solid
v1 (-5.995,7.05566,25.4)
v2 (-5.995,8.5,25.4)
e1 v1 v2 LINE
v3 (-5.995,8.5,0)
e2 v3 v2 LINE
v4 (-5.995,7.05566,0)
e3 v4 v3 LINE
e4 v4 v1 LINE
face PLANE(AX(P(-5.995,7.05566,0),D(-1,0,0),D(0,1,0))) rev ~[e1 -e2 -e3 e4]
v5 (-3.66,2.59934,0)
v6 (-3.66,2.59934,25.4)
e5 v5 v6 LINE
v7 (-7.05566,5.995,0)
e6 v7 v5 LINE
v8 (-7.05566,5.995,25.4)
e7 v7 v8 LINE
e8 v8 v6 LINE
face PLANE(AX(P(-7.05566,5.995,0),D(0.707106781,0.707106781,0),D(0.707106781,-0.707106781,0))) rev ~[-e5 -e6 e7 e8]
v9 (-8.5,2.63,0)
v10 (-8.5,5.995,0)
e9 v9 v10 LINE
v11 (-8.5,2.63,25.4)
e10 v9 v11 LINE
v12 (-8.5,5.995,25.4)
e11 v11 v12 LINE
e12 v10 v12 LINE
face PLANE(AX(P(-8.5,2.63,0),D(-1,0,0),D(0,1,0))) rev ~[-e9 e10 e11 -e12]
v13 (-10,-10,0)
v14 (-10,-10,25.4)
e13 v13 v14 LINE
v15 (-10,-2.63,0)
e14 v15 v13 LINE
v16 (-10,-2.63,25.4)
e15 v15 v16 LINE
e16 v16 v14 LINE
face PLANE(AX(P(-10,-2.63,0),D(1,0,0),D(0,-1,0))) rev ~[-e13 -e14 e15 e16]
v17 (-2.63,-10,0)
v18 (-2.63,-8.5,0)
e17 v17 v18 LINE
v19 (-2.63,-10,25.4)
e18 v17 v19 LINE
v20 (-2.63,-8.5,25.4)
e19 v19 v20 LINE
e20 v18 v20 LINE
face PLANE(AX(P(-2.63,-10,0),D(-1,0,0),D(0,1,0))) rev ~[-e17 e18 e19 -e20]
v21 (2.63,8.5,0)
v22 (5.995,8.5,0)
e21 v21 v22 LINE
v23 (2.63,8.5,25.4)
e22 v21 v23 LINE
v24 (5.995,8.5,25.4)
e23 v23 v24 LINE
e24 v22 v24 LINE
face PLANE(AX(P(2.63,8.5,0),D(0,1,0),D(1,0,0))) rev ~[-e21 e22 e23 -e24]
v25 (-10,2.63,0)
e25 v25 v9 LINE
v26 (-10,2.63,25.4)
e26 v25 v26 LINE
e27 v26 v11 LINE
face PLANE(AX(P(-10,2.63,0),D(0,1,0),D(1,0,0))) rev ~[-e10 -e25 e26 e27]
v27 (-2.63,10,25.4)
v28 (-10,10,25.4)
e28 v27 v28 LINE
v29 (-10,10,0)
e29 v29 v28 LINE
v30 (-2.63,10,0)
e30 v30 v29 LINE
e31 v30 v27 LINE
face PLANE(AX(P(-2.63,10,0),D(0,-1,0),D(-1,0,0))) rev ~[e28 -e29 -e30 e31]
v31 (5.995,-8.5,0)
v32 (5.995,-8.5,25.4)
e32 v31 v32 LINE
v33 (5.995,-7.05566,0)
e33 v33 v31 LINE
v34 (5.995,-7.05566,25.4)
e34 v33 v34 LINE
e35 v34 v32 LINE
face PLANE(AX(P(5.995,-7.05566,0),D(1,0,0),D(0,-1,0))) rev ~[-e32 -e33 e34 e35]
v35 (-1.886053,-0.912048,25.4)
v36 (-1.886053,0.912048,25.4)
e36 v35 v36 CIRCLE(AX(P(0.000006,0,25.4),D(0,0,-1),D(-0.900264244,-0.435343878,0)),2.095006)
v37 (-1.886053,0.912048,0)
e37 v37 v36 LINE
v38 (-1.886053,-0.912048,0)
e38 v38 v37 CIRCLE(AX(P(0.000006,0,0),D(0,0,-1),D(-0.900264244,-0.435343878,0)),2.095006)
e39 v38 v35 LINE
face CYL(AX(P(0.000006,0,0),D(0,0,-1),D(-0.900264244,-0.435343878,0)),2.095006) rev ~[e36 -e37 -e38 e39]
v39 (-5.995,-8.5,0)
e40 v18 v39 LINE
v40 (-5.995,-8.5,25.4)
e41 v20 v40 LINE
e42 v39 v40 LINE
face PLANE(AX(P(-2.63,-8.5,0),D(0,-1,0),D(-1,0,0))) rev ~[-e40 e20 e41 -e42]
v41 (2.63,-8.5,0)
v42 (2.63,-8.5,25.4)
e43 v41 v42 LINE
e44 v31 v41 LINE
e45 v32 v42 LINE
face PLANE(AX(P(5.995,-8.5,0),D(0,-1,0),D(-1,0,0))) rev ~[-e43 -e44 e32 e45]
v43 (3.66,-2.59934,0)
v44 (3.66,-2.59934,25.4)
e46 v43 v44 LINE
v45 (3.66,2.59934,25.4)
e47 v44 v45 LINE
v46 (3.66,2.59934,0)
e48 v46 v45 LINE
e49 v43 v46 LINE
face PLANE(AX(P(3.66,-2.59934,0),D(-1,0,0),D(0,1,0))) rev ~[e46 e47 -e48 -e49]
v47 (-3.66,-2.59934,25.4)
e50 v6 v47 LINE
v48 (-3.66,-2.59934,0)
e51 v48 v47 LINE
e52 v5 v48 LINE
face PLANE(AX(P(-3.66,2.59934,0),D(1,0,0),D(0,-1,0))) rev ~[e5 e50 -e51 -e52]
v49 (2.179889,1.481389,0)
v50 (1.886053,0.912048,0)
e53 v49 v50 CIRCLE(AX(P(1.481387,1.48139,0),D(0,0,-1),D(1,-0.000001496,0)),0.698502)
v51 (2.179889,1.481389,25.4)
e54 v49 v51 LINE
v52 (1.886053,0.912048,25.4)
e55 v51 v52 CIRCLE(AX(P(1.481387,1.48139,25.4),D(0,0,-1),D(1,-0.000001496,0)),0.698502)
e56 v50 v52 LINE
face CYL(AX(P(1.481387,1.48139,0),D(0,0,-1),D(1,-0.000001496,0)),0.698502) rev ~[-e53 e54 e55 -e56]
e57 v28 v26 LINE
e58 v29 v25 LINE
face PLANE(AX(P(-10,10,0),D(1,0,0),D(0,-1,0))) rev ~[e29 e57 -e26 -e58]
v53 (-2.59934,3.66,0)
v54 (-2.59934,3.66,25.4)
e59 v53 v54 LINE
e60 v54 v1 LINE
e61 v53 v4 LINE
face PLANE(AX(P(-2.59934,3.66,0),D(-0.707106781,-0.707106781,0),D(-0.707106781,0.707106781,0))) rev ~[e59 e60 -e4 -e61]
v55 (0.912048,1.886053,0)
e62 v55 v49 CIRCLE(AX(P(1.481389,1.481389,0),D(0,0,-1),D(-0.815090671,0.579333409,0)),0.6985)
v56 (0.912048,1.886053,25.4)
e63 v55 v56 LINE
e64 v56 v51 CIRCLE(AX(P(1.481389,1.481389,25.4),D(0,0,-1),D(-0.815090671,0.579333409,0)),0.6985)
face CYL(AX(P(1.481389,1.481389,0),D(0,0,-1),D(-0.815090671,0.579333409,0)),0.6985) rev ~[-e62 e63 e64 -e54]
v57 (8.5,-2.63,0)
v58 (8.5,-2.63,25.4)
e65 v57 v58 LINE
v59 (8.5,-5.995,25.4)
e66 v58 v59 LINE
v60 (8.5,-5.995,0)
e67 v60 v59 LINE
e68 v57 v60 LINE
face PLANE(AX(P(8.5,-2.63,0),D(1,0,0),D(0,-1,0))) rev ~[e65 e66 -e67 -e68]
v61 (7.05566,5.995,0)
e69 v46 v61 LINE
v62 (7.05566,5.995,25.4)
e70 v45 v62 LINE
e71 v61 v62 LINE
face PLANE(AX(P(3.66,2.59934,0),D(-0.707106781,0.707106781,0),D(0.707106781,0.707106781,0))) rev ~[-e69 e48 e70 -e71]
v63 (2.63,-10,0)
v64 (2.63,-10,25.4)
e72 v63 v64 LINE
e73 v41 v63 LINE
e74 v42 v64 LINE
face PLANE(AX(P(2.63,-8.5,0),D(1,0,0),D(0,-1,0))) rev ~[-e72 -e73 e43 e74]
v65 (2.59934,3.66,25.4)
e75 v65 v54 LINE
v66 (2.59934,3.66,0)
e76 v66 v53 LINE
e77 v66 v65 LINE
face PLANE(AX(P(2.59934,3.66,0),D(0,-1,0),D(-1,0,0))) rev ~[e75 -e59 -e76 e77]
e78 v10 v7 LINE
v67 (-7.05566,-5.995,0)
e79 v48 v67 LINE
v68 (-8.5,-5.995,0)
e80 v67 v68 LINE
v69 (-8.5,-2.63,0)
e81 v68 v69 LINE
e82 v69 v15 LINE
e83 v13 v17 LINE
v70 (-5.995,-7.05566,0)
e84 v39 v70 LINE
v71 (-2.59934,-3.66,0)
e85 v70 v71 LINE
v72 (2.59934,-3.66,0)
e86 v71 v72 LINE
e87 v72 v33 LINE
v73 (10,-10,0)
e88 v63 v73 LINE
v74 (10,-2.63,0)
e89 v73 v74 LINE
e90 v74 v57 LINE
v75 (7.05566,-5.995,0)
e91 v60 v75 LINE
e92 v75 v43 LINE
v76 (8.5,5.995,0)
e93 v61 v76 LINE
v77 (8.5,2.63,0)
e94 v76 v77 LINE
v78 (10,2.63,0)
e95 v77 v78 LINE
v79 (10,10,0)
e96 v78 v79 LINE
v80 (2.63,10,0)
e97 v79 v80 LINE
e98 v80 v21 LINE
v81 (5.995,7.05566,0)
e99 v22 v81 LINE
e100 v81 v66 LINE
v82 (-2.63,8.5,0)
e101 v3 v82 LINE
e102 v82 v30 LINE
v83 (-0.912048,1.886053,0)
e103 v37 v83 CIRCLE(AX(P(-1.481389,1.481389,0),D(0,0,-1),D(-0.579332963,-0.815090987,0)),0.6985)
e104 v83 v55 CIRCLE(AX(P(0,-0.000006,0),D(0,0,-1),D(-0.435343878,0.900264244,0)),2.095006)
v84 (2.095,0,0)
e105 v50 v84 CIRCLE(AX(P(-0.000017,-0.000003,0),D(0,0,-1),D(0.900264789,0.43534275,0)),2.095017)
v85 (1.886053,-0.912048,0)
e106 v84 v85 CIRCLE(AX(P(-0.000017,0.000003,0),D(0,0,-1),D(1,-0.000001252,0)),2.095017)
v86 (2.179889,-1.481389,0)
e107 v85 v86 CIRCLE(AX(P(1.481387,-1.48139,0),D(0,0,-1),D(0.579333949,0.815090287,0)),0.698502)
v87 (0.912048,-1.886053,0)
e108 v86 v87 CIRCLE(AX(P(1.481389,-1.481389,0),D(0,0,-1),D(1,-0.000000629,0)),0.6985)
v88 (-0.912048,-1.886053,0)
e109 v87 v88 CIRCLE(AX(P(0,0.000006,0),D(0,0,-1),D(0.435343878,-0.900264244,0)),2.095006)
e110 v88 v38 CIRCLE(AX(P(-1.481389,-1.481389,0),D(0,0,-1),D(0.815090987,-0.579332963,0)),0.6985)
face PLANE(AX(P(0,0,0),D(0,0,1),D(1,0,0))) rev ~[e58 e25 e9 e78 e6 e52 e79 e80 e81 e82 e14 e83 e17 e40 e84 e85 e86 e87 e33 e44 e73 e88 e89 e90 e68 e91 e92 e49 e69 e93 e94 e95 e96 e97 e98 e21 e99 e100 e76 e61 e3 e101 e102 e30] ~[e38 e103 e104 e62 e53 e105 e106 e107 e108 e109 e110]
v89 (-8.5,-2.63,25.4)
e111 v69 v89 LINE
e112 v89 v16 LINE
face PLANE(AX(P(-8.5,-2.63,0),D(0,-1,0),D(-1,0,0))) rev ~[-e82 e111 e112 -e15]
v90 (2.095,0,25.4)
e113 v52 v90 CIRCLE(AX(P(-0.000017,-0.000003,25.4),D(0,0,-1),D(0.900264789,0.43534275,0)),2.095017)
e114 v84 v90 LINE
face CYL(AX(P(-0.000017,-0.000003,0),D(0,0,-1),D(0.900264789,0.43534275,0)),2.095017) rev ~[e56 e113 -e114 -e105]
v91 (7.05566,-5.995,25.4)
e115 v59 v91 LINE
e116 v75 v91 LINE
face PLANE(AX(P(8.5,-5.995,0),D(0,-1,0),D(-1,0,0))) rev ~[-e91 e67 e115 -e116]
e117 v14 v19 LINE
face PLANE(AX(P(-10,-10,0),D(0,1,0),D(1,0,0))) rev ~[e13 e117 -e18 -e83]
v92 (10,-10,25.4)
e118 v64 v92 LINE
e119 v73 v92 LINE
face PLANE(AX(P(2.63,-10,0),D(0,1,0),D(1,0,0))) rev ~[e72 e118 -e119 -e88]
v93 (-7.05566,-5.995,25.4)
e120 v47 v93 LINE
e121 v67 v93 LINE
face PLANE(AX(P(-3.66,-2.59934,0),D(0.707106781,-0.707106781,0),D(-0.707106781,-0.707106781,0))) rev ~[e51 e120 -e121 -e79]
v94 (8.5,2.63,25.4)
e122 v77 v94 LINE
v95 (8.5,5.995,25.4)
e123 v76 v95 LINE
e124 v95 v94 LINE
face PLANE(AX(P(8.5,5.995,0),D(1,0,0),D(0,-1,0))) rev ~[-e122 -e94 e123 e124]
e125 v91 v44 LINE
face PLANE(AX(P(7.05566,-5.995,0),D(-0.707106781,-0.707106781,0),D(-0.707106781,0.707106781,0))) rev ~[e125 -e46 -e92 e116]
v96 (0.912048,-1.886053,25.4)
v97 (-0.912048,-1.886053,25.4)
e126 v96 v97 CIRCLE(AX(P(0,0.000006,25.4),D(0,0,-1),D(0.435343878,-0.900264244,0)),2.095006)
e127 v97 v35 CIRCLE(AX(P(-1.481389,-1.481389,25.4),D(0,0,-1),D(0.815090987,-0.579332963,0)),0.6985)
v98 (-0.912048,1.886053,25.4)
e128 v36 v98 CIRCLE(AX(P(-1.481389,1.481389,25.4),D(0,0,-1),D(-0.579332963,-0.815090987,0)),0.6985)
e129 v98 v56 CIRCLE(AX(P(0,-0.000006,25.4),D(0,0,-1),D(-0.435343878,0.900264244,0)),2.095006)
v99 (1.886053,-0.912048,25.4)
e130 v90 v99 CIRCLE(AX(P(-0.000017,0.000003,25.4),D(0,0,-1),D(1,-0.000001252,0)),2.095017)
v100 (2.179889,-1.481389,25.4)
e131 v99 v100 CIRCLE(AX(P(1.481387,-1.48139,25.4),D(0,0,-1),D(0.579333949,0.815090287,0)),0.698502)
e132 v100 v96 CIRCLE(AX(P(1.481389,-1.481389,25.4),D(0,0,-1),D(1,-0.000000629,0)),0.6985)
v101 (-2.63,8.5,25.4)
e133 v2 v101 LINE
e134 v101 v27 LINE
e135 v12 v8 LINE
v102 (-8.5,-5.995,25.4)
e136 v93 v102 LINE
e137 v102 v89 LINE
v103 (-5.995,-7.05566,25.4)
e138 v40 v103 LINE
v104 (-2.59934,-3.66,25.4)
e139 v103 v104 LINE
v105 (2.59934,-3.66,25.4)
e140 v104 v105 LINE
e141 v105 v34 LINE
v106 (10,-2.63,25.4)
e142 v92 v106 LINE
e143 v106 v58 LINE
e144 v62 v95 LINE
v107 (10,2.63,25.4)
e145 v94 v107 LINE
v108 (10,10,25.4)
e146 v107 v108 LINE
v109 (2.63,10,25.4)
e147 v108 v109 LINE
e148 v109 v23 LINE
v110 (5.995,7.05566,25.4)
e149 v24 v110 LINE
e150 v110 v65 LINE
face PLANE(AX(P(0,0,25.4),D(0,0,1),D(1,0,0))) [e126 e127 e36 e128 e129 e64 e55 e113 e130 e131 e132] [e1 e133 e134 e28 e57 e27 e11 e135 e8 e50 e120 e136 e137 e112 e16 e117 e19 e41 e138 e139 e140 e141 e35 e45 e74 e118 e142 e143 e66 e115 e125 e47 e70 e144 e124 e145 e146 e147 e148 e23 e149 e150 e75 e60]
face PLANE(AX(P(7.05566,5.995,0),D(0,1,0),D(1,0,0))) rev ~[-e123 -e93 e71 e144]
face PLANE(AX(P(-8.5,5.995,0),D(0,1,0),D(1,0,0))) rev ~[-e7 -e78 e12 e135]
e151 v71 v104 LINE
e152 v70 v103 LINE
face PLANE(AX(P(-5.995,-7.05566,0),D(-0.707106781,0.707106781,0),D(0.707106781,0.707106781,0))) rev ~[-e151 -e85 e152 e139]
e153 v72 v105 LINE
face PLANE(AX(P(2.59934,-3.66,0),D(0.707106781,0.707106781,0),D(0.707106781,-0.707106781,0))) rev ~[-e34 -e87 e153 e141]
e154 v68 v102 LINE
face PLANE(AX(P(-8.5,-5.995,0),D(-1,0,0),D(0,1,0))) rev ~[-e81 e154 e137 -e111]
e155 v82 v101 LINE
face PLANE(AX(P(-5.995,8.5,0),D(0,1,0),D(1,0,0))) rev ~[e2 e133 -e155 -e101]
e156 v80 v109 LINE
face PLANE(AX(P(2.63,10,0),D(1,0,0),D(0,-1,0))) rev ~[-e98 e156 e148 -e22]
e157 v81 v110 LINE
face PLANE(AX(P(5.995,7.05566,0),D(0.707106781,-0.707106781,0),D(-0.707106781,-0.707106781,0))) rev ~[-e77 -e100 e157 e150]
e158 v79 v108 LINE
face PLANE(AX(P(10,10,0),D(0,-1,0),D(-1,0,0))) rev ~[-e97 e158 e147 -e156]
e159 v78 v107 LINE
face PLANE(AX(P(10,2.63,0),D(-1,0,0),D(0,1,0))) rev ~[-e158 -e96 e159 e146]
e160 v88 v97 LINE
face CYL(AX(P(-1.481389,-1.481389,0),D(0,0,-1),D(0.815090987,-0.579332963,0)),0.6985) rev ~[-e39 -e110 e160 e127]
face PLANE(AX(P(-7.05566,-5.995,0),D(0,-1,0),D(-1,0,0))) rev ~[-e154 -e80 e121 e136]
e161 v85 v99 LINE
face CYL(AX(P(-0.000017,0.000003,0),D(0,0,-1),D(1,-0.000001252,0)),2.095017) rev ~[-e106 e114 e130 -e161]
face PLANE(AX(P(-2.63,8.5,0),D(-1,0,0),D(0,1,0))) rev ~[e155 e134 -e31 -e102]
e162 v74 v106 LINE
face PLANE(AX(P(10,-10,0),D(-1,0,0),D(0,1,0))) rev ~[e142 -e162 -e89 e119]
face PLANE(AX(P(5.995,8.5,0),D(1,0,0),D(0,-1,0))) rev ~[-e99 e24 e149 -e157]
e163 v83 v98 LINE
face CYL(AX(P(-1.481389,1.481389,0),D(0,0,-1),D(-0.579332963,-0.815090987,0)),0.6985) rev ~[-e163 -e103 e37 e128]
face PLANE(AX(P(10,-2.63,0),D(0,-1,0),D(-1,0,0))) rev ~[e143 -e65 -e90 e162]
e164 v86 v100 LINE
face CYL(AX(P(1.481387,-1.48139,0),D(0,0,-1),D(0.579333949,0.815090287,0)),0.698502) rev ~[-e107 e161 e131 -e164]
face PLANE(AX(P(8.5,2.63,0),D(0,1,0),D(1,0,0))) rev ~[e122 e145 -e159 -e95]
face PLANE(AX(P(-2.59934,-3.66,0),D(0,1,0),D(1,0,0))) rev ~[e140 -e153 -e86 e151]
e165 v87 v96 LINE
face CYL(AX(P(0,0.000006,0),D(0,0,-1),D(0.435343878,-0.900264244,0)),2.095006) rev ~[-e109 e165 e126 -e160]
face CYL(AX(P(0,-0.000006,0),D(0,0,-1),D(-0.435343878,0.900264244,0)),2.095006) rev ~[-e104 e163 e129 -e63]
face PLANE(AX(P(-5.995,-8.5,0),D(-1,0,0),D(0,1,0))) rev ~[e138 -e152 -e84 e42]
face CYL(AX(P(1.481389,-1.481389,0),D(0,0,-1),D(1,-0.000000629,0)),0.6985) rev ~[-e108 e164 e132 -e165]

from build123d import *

# Parameters (mm, degrees)
F1_DEPTH = 25.4


with BuildPart() as f1:
    # F0 (on Top) → F1 (new body)
    with BuildSketch(Plane.XY):
        Polygon((10, 2.63), (10, 10), (2.63, 10), (2.63, 8.5), (5.995, 8.5), (5.995, 7.05566), (2.59934, 3.66), (-2.59934, 3.66), (-5.995, 7.05566), (-5.995, 8.5), (-2.63, 8.5), (-2.63, 10), (-10, 10), (-10, 2.63), (-8.5, 2.63), (-8.5, 5.995), (-7.05566, 5.995), (-3.66, 2.59934), (-3.66, -2.59934), (-7.05566, -5.995), (-8.5, -5.995), (-8.5, -2.63), (-10, -2.63), (-10, -10), (-2.63, -10), (-2.63, -8.5), (-5.995, -8.5), (-5.995, -7.05566), (-2.59934, -3.66), (2.59934, -3.66), (5.995, -7.05566), (5.995, -8.5), (2.63, -8.5), (2.63, -10), (10, -10), (10, -2.63), (8.5, -2.63), (8.5, -5.995), (7.05566, -5.995), (3.66, -2.59934), (3.66, 2.59934), (7.05566, 5.995), (8.5, 5.995), (8.5, 2.63), align=None)
        with BuildLine():
            ThreePointArc((1.886053, 0.912048), (2.042095, 0.467838), (2.095, 0))
            ThreePointArc((2.095, 0), (2.042095, -0.467838), (1.886053, -0.912048))
            ThreePointArc((1.886053, -0.912048), (2.102098, -1.161042), (2.179889, -1.481389))
            ThreePointArc((2.179889, -1.481389), (1.693777, -2.146816), (0.912048, -1.886053))
            ThreePointArc((0.912048, -1.886053), (0, -2.095), (-0.912048, -1.886053))
            ThreePointArc((-0.912048, -1.886053), (-1.975303, -1.975303), (-1.886053, -0.912048))
            ThreePointArc((-1.886053, -0.912048), (-2.095, 0), (-1.886053, 0.912048))
            ThreePointArc((-1.886053, 0.912048), (-1.975303, 1.975303), (-0.912048, 1.886053))
            ThreePointArc((-0.912048, 1.886053), (0, 2.095), (0.912048, 1.886053))
            ThreePointArc((0.912048, 1.886053), (1.693777, 2.146816), (2.179889, 1.481389))
            ThreePointArc((2.179889, 1.481389), (2.102098, 1.161042), (1.886053, 0.912048))
        make_face(mode=Mode.SUBTRACT)
    extrude(amount=F1_DEPTH)


solid = f1.part
